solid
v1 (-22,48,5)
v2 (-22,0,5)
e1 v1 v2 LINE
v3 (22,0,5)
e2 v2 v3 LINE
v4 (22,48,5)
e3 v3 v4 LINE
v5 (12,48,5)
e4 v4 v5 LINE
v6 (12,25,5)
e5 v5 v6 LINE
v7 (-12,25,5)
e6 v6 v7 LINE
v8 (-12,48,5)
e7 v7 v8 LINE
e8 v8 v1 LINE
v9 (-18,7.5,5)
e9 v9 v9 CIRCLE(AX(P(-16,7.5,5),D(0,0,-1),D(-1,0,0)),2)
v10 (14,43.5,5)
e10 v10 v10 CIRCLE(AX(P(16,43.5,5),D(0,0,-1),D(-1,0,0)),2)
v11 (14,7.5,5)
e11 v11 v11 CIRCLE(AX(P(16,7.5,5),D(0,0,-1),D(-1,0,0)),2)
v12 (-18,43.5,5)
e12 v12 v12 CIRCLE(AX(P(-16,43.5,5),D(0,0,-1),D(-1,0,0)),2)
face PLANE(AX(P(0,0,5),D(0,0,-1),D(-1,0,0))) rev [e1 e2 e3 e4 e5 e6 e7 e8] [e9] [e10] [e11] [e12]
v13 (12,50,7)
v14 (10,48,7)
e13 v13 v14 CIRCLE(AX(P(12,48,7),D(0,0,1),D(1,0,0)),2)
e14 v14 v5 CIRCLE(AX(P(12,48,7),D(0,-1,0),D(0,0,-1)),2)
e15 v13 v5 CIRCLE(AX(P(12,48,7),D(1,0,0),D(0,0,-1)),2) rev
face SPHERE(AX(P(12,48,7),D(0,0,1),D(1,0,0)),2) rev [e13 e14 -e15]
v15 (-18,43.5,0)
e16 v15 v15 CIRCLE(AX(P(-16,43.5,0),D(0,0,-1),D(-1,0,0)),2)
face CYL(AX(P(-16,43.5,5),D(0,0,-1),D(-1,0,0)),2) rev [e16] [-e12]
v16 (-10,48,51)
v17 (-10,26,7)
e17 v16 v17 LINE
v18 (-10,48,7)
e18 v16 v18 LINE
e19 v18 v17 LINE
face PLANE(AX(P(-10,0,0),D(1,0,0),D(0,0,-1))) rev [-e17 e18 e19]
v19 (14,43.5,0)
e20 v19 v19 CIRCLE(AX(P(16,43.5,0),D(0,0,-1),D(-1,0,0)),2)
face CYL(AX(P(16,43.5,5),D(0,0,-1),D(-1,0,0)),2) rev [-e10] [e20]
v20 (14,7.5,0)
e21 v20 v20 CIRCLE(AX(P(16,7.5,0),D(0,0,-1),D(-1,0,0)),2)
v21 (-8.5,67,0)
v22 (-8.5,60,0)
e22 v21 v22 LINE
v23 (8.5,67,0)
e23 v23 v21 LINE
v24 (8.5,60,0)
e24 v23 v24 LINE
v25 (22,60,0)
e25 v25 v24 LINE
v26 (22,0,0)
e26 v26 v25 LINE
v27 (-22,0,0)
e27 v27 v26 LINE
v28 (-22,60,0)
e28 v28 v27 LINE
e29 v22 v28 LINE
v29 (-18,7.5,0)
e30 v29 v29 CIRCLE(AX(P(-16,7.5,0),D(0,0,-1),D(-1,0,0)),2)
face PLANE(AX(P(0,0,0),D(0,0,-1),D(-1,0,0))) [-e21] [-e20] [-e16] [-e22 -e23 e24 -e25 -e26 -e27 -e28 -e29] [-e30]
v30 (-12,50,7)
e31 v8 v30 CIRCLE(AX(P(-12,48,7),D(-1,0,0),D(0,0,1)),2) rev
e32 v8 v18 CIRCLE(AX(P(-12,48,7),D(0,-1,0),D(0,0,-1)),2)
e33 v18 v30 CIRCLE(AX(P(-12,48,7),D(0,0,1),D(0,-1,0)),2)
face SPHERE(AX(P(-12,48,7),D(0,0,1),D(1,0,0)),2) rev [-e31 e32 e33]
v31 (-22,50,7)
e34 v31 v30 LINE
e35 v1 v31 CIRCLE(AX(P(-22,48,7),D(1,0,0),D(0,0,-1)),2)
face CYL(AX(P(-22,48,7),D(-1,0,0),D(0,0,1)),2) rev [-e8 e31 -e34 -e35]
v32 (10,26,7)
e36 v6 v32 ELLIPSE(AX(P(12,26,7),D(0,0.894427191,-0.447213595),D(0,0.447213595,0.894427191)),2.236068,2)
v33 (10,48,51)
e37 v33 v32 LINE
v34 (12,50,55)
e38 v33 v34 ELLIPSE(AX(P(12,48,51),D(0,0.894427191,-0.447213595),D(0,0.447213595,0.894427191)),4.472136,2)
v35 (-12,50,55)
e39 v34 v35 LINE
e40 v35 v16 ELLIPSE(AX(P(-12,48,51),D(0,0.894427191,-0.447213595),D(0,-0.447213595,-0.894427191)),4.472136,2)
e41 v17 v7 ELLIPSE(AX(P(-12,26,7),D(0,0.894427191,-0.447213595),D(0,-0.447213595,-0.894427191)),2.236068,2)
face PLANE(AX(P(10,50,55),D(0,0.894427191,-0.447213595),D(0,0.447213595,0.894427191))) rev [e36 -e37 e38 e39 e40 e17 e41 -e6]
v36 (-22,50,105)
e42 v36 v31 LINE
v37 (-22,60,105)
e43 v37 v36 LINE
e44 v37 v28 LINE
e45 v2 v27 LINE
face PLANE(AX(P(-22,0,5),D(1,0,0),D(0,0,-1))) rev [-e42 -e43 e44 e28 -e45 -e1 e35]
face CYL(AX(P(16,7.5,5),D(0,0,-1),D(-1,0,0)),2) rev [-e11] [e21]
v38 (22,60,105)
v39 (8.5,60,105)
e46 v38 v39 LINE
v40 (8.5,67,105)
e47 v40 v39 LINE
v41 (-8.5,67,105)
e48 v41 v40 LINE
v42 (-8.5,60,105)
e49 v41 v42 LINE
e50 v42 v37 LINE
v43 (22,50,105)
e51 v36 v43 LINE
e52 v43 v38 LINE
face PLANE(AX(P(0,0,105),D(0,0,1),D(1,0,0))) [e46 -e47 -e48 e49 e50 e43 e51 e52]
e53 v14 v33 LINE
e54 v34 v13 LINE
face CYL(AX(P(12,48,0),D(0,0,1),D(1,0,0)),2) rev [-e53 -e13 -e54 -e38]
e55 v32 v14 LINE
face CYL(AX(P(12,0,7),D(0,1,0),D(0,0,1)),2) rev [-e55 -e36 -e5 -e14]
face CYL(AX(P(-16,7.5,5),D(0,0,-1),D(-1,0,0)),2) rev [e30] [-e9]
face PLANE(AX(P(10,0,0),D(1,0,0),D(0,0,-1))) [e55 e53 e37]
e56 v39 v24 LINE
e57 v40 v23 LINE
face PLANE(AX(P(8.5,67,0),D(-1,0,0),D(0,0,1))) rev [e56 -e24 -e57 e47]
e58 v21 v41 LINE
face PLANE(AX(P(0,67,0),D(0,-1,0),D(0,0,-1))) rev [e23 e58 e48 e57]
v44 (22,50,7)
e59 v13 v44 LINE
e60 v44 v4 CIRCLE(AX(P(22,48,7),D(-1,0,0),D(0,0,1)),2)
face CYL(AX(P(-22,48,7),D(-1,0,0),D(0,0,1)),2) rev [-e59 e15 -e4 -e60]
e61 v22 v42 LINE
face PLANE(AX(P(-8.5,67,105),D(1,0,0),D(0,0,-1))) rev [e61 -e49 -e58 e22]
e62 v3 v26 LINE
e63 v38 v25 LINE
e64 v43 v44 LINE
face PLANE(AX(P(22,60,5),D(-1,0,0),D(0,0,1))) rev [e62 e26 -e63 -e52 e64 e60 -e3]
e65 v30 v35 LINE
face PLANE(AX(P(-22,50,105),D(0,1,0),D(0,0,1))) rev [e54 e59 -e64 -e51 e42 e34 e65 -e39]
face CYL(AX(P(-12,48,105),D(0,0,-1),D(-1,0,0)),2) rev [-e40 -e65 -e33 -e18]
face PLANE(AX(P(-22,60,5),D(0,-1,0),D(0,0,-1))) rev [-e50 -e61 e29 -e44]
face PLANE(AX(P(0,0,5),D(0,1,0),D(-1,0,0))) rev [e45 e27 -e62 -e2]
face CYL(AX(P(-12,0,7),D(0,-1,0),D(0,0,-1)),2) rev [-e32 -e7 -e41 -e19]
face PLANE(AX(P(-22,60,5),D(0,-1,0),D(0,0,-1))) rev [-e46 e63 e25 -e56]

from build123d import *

# Parameters (mm, degrees)
BOSS_EXTRUDE1_DEPTH = 5
SKETCH2_R           = 2
CUT_EXTRUDE1_DEPTH  = 5
SKETCH3_W           = 44
SKETCH3_H           = 10
BOSS_EXTRUDE2_DEPTH = 100
BOSS_EXTRUDE3_DEPTH = 10
FILLET1_R           = 2
SKETCH5_W           = 17
SKETCH5_H           = 105
BOSS_EXTRUDE4_DEPTH = 7


with BuildPart() as part:
    # Sketch1 → Boss-Extrude1 (new body)
    with BuildSketch(Plane.XY):
        Polygon((0, 0), (-22, 0), (-22, 60), (22, 60), (22, 0), align=None)
    extrude(amount=BOSS_EXTRUDE1_DEPTH)

    # Sketch2 → Cut-Extrude1 (cut)
    with BuildSketch(Plane(origin=(0, 0, 0), x_dir=(-1, 0, 0), z_dir=(0, 0, -1))):
        with Locations((-16, 43.5)):
            Circle(SKETCH2_R)
        with Locations((16, 43.5)):
            Circle(SKETCH2_R)
        with Locations((-16, 7.5)):
            Circle(SKETCH2_R)
        with Locations((16, 7.5)):
            Circle(SKETCH2_R)
    extrude(amount=-CUT_EXTRUDE1_DEPTH, mode=Mode.SUBTRACT)

    # Sketch3 → Boss-Extrude2 (add)
    with BuildSketch(Plane.XY.offset(5)):
        with Locations((0, 55)):
            Rectangle(SKETCH3_W, SKETCH3_H)
    extrude(amount=BOSS_EXTRUDE2_DEPTH)

    # Sketch4 → Boss-Extrude3 (add, symmetric)
    with BuildSketch(Plane(origin=(0, 0, 0), x_dir=(0, 0, -1), z_dir=(1, 0, 0))):
        Polygon((-5, 50), (-5, 25), (-55, 50), align=None)
    extrude(amount=BOSS_EXTRUDE3_DEPTH, both=True)

    # Fillet1
    fillet1_edges = [part.edges().sort_by_distance(p)[0] for p in [
        (16, 50, 5),
        (10, 37.5, 5),
        (10, 50, 30),
        (-16, 50, 5),
        (-10, 37.5, 5),
        (-10, 50, 30),
    ]]
    fillet(fillet1_edges, radius=FILLET1_R)

    # Sketch5 → Boss-Extrude4 (add)
    with BuildSketch(Plane(origin=(0, 60, 0), x_dir=(1, 0, 0), z_dir=(0, 1, 0))):
        with Locations((0, -52.5)):
            Rectangle(SKETCH5_W, SKETCH5_H)
    extrude(amount=BOSS_EXTRUDE4_DEPTH)


solid = part.part
